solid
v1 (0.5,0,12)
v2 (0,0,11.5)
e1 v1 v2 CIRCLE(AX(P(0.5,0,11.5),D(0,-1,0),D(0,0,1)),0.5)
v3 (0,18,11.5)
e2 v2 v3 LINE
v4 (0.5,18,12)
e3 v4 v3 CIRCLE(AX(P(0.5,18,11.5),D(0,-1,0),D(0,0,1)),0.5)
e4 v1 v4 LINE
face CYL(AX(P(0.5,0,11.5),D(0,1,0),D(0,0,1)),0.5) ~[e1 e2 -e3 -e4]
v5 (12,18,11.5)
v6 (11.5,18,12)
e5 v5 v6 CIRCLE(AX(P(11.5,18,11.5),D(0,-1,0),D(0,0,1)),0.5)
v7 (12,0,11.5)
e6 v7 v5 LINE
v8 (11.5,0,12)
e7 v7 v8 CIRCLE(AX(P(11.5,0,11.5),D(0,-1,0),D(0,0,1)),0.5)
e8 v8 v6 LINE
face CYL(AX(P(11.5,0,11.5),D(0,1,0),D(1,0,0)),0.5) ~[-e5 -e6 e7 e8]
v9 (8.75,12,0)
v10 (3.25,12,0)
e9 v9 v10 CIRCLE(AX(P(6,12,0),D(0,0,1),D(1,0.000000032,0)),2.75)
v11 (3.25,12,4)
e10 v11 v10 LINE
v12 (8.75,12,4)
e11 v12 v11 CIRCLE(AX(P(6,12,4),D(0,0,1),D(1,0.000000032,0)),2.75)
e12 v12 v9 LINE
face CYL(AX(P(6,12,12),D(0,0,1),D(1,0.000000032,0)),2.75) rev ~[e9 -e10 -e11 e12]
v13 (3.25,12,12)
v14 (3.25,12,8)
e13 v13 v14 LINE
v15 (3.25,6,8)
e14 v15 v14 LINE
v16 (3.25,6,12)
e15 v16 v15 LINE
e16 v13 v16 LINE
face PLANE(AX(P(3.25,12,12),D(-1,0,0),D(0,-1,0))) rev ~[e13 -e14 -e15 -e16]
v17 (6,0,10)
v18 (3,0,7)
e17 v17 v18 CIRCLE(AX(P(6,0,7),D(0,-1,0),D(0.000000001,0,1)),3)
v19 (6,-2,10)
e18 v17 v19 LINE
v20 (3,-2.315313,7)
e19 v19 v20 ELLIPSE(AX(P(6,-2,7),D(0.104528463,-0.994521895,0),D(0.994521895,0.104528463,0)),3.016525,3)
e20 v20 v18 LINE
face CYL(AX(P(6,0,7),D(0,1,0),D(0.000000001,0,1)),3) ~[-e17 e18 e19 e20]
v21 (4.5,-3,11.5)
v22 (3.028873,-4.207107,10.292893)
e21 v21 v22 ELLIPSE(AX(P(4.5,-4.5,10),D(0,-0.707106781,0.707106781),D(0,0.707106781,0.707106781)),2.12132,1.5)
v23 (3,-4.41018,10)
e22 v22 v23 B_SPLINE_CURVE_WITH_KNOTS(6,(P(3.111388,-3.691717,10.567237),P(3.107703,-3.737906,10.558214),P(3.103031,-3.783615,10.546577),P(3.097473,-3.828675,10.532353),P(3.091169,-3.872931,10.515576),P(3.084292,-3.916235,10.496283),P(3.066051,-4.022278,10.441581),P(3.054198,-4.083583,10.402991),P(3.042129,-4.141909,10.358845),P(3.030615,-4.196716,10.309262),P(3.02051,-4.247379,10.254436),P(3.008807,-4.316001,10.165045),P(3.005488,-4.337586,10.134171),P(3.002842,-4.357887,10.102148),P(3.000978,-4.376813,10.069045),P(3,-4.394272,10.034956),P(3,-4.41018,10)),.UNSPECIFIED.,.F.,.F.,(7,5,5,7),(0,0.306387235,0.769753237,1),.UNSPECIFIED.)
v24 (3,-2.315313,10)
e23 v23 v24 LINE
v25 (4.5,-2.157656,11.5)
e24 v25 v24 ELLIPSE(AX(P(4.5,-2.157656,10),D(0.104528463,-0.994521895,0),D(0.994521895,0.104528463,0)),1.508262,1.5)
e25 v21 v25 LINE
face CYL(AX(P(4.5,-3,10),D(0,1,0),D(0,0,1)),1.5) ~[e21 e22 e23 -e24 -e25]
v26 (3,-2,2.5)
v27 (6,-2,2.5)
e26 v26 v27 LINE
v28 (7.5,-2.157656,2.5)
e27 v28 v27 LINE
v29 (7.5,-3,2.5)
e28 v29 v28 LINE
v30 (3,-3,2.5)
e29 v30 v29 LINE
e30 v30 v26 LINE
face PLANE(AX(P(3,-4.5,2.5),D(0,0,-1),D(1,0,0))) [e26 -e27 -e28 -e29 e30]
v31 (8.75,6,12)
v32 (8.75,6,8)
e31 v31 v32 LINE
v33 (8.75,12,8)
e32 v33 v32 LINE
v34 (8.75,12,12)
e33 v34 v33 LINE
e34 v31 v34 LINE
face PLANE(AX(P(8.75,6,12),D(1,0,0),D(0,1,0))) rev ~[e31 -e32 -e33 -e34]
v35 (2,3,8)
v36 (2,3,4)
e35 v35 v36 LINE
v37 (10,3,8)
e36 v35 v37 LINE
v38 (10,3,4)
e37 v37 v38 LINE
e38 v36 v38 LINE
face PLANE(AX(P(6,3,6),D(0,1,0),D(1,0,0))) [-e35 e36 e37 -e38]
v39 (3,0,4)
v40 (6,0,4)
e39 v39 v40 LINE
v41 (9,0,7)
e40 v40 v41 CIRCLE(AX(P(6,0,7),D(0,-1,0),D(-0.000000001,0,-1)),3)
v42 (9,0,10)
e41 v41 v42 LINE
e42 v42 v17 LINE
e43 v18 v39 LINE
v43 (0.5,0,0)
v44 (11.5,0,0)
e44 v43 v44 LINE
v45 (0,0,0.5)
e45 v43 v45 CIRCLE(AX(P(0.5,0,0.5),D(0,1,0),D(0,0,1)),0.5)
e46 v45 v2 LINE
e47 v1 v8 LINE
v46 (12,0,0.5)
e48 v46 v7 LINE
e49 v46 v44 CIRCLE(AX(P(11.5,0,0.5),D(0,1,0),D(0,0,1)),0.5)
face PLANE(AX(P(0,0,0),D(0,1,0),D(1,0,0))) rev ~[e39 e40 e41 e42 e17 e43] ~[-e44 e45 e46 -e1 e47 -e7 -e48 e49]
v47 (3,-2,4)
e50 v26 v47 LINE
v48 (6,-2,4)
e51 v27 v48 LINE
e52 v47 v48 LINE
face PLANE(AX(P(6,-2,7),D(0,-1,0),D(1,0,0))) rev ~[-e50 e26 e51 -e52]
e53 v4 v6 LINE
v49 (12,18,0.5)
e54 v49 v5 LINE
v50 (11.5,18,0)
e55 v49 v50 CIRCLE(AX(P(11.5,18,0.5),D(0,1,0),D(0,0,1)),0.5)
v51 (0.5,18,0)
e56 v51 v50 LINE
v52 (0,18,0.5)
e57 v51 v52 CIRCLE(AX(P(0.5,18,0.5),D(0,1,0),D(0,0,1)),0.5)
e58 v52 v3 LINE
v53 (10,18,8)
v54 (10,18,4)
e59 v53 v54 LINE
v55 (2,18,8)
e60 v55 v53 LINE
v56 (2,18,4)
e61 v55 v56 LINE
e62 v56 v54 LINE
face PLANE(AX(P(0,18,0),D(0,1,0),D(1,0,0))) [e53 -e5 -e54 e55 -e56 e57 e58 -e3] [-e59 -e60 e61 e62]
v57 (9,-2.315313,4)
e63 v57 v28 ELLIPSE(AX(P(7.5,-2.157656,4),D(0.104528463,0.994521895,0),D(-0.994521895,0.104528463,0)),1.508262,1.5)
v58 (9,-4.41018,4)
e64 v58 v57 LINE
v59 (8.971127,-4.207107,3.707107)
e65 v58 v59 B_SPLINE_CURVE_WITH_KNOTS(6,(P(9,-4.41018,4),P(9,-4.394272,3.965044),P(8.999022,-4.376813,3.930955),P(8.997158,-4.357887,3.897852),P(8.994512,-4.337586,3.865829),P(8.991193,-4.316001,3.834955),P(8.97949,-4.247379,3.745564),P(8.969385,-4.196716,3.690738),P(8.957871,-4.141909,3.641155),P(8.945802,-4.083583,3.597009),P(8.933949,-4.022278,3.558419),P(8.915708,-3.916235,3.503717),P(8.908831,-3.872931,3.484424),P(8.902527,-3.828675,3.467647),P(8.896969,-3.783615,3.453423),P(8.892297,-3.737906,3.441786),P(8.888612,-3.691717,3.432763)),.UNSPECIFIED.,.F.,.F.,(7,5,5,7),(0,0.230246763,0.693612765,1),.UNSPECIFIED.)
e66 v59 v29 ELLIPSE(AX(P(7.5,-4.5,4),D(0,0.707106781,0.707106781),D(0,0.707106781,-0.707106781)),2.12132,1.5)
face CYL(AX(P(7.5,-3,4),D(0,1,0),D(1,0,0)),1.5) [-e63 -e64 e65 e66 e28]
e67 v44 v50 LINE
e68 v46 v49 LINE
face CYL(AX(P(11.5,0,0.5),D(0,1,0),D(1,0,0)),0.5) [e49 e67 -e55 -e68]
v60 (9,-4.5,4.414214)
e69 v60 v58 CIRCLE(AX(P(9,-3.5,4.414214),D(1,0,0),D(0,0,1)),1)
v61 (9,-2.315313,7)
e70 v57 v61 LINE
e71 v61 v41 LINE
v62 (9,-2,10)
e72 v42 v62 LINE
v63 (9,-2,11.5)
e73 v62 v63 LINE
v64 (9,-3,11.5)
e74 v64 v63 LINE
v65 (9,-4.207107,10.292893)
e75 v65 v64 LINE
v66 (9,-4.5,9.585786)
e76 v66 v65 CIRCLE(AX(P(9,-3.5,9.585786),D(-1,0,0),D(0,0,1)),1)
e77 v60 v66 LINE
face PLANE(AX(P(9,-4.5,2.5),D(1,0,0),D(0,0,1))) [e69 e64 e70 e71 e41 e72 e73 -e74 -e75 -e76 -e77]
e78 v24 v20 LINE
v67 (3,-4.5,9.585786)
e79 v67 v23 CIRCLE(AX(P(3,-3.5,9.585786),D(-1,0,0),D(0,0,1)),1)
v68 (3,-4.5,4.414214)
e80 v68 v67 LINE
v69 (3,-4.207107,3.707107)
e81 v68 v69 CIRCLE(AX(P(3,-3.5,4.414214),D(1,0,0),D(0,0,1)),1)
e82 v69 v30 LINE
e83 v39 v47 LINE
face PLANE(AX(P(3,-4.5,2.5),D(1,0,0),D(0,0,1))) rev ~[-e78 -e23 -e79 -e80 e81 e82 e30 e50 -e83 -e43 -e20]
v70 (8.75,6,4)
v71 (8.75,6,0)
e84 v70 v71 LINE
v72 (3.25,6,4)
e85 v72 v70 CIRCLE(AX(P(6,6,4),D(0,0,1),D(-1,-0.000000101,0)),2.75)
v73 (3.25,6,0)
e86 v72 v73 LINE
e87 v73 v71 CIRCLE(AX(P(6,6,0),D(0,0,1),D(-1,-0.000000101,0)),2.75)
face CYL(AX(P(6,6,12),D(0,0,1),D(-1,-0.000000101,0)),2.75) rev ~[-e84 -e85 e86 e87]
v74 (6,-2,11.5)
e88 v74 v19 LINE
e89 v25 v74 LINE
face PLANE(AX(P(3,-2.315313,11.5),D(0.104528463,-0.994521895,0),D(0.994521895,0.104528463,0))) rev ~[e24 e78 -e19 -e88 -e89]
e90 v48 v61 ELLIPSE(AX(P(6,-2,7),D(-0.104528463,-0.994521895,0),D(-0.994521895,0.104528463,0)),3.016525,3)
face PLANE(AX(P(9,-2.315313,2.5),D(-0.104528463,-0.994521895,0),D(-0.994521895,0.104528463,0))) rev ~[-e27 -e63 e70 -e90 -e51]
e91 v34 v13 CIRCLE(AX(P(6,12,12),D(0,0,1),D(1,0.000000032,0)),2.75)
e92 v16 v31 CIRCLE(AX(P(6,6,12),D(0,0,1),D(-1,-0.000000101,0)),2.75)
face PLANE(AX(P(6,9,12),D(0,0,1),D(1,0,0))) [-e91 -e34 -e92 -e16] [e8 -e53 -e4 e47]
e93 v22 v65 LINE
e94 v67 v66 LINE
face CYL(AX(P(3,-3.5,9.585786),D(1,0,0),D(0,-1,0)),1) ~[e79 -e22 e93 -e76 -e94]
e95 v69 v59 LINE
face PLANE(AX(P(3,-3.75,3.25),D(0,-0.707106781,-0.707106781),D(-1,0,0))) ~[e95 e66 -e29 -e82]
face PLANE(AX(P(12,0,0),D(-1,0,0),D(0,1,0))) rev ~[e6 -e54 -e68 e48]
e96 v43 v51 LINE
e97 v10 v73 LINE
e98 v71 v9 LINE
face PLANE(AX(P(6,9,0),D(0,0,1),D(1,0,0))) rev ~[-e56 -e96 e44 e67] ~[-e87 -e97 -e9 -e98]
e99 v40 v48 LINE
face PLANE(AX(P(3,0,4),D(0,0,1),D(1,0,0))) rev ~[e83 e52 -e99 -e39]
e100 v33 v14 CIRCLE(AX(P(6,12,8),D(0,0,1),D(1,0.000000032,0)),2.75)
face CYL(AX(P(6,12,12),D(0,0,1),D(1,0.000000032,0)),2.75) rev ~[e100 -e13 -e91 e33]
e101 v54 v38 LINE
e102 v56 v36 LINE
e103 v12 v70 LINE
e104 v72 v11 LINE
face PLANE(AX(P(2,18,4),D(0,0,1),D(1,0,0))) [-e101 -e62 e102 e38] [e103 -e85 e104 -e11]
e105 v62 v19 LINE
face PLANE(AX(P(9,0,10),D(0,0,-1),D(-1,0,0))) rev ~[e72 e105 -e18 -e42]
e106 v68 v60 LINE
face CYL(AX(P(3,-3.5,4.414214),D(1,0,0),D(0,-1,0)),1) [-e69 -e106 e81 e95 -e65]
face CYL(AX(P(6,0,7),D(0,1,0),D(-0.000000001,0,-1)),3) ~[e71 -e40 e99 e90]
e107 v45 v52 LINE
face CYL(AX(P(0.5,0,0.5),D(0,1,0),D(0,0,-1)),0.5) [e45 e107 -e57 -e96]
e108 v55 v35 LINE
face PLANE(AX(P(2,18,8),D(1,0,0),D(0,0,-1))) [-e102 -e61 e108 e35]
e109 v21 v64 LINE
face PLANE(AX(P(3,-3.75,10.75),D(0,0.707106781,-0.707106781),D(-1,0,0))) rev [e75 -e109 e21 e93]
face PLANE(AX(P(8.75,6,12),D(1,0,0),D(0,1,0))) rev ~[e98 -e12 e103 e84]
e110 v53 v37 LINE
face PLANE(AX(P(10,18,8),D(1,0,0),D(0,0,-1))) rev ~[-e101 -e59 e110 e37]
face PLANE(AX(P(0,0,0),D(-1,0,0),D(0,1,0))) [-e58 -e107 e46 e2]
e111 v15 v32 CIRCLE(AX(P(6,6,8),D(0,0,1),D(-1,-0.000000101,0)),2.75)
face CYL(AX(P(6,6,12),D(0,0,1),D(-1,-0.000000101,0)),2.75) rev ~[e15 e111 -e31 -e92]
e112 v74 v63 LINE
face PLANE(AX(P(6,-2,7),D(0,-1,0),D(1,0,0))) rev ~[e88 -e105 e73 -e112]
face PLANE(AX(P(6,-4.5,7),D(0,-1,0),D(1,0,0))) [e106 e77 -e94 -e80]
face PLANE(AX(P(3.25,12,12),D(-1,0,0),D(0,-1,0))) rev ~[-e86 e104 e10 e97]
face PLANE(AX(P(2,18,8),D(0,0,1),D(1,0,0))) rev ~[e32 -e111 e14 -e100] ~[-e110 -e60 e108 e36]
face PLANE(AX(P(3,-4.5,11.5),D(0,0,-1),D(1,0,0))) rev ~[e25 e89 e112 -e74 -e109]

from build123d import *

# Parameters (mm, degrees)
SKETCH_1_W               = 12
SKETCH_1_H               = 18
EXTRUDE_1_DEPTH          = 12
CUT_EXTRUDE_1_DEPTH      = 12
SKETCH_3_W               = 8
SKETCH_3_H               = 4
CUT_EXTRUDE_2_DEPTH      = 15
EXTRUDE_2_DEPTH          = 4.5
SKETCH_5_W               = 6
SKETCH_5_H               = 9
EXTRUDE_3_DEPTH          = 2.5
FILLET_2_R               = 0.5
CHAMFER_3_SIZE           = 1.5
CHAMFER_4_SIZE           = 1.5
FILLET_3_R               = 1
CUT_EXTRUDE_3_REACH      = 13.5
CUT_EXTRUDE_3_END_RADIUS = 3
CUT_EXTRUDE_4_REACH      = 11.5
CUT_EXTRUDE_4_END_RADIUS = 3
FILLET_6_R               = 1.5
FILLET_7_R               = 1.5


with BuildPart() as part:
    # 草图1 → 拉伸1 (new body)
    with BuildSketch(Plane.XY):
        with Locations((6, 9)):
            Rectangle(SKETCH_1_W, SKETCH_1_H)
    extrude(amount=EXTRUDE_1_DEPTH)

    # 草图2 → 切除-拉伸1 (cut)
    with BuildSketch(Plane.XY.offset(12)):
        with BuildLine():
            Line((3.25, 12.000000088), (3.25, 5.999999721))
            ThreePointArc((3.25, 5.999999721), (6, 3.25), (8.75, 5.999999721))
            Line((8.75, 5.999999721), (8.75, 12.000000088))
            ThreePointArc((8.75, 12.000000088), (6, 14.75), (3.25, 12.000000088))
        make_face()
    extrude(amount=-CUT_EXTRUDE_1_DEPTH, mode=Mode.SUBTRACT)

    # 草图3 → 切除-拉伸2 (cut)
    with BuildSketch(Plane(origin=(0, 18, 0), x_dir=(1, 0, 0), z_dir=(0, 1, 0))):
        with Locations((6, -6)):
            Rectangle(SKETCH_3_W, SKETCH_3_H)
    extrude(amount=-CUT_EXTRUDE_2_DEPTH, mode=Mode.SUBTRACT)

    # 草图4 → 拉伸2 (add)
    with BuildSketch(Plane.XZ):
        with BuildLine():
            Line((9, 10), (6, 10))
            ThreePointArc((6, 10), (3.878679656, 9.121320344), (3, 7))
            Line((3, 7), (3, 4))
            Line((3, 4), (6, 4))
            ThreePointArc((6, 4), (8.121320344, 4.878679656), (9, 7))
            Line((9, 7), (9, 10))
        make_face()
    extrude(amount=EXTRUDE_2_DEPTH)

    # 草图5 → 拉伸3 (add)
    with BuildSketch(Plane.XZ.offset(4.5)):
        with Locations((6, 7)):
            Rectangle(SKETCH_5_W, SKETCH_5_H)
    extrude(amount=-EXTRUDE_3_DEPTH)

    # 圆角2
    fillet_2_edges = [part.edges().sort_by_distance(p)[0] for p in [
        (12, 9, 12),
        (0, 9, 12),
        (12, 9, 0),
        (0, 9, 0),
    ]]
    fillet(fillet_2_edges, radius=FILLET_2_R)

    # 倒角3
    chamfer_3_edges = [part.edges().sort_by_distance(p)[0] for p in [
        (6, -4.5, 11.5),
    ]]
    chamfer(chamfer_3_edges, length=CHAMFER_3_SIZE)

    # 倒角4
    chamfer_4_edges = [part.edges().sort_by_distance(p)[0] for p in [
        (6, -4.5, 2.5),
    ]]
    chamfer(chamfer_4_edges, length=CHAMFER_4_SIZE)

    # 圆角3
    fillet_3_edges = [part.edges().sort_by_distance(p)[0] for p in [
        (6, -4.5, 10),
        (6, -4.5, 4),
    ]]
    fillet(fillet_3_edges, radius=FILLET_3_R)

    # 切除-拉伸3: up to this cylinder (the profile starts outside it)
    cut_extrude_3_end = Plane(origin=(6, -2.105104, 7), z_dir=(0, 1, 0)) * Cylinder(CUT_EXTRUDE_3_END_RADIUS, 34, mode=Mode.PRIVATE)
    # 草图8 → 切除-拉伸3 (cut, up to the surface)
    with BuildSketch(Plane.XY.offset(11.5), mode=Mode.PRIVATE) as cut_extrude_3_sk1:
        Polygon((6, -2), (3, -2), (3, -2.315312706), align=None)
    cut_extrude_3_tool1 = extrude(cut_extrude_3_sk1.sketch, amount=-CUT_EXTRUDE_3_REACH, mode=Mode.PRIVATE) - cut_extrude_3_end
    add(cut_extrude_3_tool1.solids().sort_by_distance((4, -2.105104, 11.5))[0], mode=Mode.SUBTRACT)

    # 切除-拉伸4: up to this cylinder (the profile starts outside it)
    cut_extrude_4_end = Plane(origin=(6, -2.105104, 7), z_dir=(0, 1, 0)) * Cylinder(CUT_EXTRUDE_4_END_RADIUS, 30, mode=Mode.PRIVATE)
    # 草图9 → 切除-拉伸4 (cut, up to the surface)
    with BuildSketch(Plane(origin=(0, 0, 2.5), x_dir=(-1, 0, 0), z_dir=(0, 0, -1)), mode=Mode.PRIVATE) as cut_extrude_4_sk1:
        Polygon((-6, -2), (-9, -2), (-9, -2.315312706), align=None)
    cut_extrude_4_tool1 = extrude(cut_extrude_4_sk1.sketch, amount=-CUT_EXTRUDE_4_REACH, mode=Mode.PRIVATE) - cut_extrude_4_end
    add(cut_extrude_4_tool1.solids().sort_by_distance((8, -2.105104, 2.5))[0], mode=Mode.SUBTRACT)

    # 圆角6
    fillet_6_edges = [part.edges().sort_by_distance(p)[0] for p in [
        (9, -2.657656353, 2.5),
    ]]
    fillet(fillet_6_edges, radius=FILLET_6_R)

    # 圆角7
    fillet_7_edges = [part.edges().sort_by_distance(p)[0] for p in [
        (3, -2.657656353, 11.5),
    ]]
    fillet(fillet_7_edges, radius=FILLET_7_R)


solid = part.part
